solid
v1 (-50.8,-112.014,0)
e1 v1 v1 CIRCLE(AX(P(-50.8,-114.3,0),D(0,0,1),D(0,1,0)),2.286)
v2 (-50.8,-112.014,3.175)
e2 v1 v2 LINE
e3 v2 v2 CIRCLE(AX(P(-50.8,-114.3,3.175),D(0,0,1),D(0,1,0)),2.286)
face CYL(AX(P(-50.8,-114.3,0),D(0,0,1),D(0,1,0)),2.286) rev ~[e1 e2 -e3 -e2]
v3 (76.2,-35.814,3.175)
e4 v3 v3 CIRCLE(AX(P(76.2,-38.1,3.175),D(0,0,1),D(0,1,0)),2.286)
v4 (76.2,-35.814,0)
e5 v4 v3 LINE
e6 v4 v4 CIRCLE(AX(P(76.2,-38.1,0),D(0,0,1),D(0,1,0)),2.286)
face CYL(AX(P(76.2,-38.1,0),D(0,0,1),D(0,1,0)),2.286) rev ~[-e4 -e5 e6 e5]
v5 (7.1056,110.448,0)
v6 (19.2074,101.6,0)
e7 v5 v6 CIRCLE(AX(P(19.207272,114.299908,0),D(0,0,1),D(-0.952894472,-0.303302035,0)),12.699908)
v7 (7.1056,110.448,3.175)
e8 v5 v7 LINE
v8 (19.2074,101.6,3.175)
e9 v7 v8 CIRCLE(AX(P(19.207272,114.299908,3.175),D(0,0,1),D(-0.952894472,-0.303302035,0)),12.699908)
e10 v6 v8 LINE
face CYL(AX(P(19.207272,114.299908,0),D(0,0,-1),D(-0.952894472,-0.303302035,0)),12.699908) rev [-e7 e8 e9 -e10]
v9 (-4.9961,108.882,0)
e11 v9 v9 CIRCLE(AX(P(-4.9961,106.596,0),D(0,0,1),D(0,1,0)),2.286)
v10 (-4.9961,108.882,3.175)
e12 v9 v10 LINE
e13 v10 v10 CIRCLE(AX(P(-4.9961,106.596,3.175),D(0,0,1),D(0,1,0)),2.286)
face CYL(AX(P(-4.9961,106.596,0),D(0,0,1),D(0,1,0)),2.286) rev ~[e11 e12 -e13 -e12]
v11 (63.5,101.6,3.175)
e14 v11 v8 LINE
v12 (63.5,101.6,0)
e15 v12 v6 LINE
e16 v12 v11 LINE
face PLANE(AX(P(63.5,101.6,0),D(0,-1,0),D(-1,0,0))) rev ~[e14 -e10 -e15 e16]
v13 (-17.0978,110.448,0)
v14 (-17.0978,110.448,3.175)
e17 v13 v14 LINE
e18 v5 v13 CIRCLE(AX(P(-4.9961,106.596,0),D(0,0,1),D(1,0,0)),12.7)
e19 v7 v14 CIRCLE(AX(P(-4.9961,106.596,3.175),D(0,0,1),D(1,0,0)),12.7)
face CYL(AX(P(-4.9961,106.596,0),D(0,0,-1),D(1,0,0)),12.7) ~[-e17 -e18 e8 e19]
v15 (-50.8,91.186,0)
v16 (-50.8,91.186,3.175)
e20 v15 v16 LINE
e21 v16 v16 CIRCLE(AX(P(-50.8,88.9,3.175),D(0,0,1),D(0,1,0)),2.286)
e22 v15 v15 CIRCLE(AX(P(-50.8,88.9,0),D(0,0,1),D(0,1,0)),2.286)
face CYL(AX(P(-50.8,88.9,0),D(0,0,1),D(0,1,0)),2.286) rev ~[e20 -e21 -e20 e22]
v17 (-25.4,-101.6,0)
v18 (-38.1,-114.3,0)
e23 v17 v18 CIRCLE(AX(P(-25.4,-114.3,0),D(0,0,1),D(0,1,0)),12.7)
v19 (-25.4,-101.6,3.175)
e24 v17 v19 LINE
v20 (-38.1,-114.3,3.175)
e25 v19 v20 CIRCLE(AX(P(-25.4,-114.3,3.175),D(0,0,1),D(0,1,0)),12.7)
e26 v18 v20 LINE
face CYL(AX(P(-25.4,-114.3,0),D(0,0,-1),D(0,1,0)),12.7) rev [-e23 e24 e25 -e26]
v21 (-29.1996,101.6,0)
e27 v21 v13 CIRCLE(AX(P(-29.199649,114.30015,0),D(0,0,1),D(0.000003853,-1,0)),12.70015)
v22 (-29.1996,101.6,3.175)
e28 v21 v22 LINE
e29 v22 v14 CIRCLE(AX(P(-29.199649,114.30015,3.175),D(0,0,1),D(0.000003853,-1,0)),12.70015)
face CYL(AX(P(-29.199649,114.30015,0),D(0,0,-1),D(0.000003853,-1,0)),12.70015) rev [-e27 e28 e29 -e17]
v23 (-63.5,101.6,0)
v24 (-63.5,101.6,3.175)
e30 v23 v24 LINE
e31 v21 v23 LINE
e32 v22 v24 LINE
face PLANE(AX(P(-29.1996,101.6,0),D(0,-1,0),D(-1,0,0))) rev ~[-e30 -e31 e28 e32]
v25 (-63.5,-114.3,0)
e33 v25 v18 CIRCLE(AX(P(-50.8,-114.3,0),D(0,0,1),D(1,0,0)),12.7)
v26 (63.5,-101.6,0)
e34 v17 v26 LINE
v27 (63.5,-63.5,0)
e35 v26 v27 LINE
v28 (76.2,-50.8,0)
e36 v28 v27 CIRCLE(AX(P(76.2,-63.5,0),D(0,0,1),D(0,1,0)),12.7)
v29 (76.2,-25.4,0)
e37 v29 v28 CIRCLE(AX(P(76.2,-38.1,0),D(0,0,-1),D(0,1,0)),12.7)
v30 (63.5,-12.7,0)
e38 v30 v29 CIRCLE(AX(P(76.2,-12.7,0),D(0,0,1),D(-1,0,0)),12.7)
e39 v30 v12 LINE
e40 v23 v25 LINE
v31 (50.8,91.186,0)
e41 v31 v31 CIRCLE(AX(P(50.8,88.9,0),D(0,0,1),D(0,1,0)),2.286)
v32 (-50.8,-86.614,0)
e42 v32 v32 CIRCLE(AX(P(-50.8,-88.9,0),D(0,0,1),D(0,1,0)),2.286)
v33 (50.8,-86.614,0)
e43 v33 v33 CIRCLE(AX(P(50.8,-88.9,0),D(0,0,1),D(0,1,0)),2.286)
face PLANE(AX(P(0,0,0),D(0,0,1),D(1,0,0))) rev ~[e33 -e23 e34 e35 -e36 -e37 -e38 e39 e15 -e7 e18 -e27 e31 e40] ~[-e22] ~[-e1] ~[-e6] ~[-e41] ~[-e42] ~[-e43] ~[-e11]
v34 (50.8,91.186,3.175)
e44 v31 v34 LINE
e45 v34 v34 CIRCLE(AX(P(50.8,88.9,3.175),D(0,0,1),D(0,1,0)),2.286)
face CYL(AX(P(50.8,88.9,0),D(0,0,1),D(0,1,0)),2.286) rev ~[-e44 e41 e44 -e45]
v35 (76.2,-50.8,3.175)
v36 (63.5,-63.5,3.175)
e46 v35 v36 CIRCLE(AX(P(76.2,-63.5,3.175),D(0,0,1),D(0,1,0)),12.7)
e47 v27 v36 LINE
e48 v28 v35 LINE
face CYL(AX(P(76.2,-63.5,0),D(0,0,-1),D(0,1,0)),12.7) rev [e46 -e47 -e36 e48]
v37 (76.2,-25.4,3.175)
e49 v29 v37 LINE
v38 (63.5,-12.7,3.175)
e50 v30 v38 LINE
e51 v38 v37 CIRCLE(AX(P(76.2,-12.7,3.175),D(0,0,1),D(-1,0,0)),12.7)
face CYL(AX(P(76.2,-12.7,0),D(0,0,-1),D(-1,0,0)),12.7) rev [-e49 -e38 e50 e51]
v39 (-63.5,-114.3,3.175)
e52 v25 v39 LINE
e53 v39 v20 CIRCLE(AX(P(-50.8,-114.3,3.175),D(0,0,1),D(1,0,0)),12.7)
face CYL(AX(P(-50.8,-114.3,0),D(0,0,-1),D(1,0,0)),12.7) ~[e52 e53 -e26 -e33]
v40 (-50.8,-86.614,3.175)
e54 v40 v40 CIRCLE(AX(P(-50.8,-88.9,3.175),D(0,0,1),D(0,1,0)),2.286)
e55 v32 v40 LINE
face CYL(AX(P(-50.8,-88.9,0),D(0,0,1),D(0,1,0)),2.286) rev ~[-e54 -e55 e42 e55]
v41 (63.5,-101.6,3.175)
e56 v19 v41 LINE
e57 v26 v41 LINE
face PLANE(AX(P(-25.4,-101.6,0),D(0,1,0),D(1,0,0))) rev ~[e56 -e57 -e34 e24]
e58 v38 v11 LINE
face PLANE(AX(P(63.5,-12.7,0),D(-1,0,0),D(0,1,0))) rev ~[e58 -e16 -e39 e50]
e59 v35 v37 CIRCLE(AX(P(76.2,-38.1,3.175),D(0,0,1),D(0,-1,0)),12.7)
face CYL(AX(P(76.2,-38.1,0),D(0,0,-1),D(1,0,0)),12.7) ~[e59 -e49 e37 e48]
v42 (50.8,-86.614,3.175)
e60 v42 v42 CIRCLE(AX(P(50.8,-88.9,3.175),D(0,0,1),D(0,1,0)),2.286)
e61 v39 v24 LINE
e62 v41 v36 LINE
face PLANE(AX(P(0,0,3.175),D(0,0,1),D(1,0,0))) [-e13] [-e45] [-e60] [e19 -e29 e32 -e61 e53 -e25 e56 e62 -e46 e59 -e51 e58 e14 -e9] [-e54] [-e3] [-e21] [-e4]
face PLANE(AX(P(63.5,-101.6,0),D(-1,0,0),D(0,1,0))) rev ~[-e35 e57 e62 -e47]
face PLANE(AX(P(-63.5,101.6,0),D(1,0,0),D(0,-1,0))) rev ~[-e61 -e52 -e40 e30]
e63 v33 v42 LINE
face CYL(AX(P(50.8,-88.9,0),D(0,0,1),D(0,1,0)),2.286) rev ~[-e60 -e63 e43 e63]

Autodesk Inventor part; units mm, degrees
ref_plane "YZ Plane" through (0, 0, 0) normal (1, 0, 0) x (0, 1, 0)
ref_plane "XZ Plane" through (0, 0, 0) normal (0, 1, 0) x (-1, 0, 0)
ref_plane "XY Plane" through (0, 0, 0) normal (0, 0, 1) x (1, 0, 0)
sketch "Sketch1" plane through (0, 0, 0) normal (0, 0, 1) x (1, 0, 0)
  line L0 (50.8, 88.9) -> (-50.8, 88.9) construction
  line L1 (-50.8, 88.9) -> (-50.8, -88.9) construction
  line L2 (-50.8, -88.9) -> (50.8, -88.9) construction
  line L3 (50.8, -88.9) -> (50.8, 88.9) construction
  line L4 (50.8, 88.9) -> (-50.8, -88.9) construction
  line L5 (-50.8, 88.9) -> (50.8, -88.9) construction
  line L6 (-63.5, -101.6) -> (63.5, -101.6)
  line L7 (63.5, -101.6) -> (63.5, 101.6)
  line L8 (63.5, 101.6) -> (-63.5, 101.6)
  line L9 (-63.5, 101.6) -> (-63.5, -101.6)
  line L10 (-63.5, -101.6) -> (63.5, 101.6) construction
  line L11 (63.5, -101.6) -> (-63.5, 101.6) construction
  circle A0 centre (-4.9961, 106.596) radius 12.7
  circle A1 centre (76.2, -38.1) radius 12.7
  circle A2 centre (-50.8, -114.3) radius 12.7
  arc A3 (-29.1996, 101.6) -> (-17.0978, 110.448) centre (-29.1996, 114.3) ccw
  arc A4 (7.1056, 110.448) -> (19.2074, 101.6) centre (19.2074, 114.3) ccw
  arc A5 (63.5, -12.7) -> (76.2, -25.4) centre (76.2, -12.7) ccw
  arc A6 (76.2, -50.8) -> (63.5, -63.5) centre (76.2, -63.5) ccw
  arc A7 (-25.4, -101.6) -> (-38.1, -114.3) centre (-25.4, -114.3) ccw
  line L12 (-63.5, -114.3) -> (-63.5, -101.6)
  point P0 (0, 0)
  point P1 (-50.8, -101.6)
  dimension "d0" = 101.6
  dimension "d1" = 177.8
  dimension "d2" = 12.7
  dimension "d3" = 12.7
  dimension "d13" = 25.4
  dimension "d16" = 127
  dimension "d17" = 76.2
extrude "Extrusion1" add sketch "Sketch1" along normal blind 3.175
hole "Hole1" at (-50.8, 88.9, 0) at (50.8, 88.9, 0) at (50.8, -88.9, 0) at (-50.8, -88.9, 0) at (-50.8, -114.3, 0) at (76.2, -38.1, 0) at (-4.9961, 106.596, 0) direction (0, 0, 1) diameter 4.572 end through all
properties part number "PDP Mount"
